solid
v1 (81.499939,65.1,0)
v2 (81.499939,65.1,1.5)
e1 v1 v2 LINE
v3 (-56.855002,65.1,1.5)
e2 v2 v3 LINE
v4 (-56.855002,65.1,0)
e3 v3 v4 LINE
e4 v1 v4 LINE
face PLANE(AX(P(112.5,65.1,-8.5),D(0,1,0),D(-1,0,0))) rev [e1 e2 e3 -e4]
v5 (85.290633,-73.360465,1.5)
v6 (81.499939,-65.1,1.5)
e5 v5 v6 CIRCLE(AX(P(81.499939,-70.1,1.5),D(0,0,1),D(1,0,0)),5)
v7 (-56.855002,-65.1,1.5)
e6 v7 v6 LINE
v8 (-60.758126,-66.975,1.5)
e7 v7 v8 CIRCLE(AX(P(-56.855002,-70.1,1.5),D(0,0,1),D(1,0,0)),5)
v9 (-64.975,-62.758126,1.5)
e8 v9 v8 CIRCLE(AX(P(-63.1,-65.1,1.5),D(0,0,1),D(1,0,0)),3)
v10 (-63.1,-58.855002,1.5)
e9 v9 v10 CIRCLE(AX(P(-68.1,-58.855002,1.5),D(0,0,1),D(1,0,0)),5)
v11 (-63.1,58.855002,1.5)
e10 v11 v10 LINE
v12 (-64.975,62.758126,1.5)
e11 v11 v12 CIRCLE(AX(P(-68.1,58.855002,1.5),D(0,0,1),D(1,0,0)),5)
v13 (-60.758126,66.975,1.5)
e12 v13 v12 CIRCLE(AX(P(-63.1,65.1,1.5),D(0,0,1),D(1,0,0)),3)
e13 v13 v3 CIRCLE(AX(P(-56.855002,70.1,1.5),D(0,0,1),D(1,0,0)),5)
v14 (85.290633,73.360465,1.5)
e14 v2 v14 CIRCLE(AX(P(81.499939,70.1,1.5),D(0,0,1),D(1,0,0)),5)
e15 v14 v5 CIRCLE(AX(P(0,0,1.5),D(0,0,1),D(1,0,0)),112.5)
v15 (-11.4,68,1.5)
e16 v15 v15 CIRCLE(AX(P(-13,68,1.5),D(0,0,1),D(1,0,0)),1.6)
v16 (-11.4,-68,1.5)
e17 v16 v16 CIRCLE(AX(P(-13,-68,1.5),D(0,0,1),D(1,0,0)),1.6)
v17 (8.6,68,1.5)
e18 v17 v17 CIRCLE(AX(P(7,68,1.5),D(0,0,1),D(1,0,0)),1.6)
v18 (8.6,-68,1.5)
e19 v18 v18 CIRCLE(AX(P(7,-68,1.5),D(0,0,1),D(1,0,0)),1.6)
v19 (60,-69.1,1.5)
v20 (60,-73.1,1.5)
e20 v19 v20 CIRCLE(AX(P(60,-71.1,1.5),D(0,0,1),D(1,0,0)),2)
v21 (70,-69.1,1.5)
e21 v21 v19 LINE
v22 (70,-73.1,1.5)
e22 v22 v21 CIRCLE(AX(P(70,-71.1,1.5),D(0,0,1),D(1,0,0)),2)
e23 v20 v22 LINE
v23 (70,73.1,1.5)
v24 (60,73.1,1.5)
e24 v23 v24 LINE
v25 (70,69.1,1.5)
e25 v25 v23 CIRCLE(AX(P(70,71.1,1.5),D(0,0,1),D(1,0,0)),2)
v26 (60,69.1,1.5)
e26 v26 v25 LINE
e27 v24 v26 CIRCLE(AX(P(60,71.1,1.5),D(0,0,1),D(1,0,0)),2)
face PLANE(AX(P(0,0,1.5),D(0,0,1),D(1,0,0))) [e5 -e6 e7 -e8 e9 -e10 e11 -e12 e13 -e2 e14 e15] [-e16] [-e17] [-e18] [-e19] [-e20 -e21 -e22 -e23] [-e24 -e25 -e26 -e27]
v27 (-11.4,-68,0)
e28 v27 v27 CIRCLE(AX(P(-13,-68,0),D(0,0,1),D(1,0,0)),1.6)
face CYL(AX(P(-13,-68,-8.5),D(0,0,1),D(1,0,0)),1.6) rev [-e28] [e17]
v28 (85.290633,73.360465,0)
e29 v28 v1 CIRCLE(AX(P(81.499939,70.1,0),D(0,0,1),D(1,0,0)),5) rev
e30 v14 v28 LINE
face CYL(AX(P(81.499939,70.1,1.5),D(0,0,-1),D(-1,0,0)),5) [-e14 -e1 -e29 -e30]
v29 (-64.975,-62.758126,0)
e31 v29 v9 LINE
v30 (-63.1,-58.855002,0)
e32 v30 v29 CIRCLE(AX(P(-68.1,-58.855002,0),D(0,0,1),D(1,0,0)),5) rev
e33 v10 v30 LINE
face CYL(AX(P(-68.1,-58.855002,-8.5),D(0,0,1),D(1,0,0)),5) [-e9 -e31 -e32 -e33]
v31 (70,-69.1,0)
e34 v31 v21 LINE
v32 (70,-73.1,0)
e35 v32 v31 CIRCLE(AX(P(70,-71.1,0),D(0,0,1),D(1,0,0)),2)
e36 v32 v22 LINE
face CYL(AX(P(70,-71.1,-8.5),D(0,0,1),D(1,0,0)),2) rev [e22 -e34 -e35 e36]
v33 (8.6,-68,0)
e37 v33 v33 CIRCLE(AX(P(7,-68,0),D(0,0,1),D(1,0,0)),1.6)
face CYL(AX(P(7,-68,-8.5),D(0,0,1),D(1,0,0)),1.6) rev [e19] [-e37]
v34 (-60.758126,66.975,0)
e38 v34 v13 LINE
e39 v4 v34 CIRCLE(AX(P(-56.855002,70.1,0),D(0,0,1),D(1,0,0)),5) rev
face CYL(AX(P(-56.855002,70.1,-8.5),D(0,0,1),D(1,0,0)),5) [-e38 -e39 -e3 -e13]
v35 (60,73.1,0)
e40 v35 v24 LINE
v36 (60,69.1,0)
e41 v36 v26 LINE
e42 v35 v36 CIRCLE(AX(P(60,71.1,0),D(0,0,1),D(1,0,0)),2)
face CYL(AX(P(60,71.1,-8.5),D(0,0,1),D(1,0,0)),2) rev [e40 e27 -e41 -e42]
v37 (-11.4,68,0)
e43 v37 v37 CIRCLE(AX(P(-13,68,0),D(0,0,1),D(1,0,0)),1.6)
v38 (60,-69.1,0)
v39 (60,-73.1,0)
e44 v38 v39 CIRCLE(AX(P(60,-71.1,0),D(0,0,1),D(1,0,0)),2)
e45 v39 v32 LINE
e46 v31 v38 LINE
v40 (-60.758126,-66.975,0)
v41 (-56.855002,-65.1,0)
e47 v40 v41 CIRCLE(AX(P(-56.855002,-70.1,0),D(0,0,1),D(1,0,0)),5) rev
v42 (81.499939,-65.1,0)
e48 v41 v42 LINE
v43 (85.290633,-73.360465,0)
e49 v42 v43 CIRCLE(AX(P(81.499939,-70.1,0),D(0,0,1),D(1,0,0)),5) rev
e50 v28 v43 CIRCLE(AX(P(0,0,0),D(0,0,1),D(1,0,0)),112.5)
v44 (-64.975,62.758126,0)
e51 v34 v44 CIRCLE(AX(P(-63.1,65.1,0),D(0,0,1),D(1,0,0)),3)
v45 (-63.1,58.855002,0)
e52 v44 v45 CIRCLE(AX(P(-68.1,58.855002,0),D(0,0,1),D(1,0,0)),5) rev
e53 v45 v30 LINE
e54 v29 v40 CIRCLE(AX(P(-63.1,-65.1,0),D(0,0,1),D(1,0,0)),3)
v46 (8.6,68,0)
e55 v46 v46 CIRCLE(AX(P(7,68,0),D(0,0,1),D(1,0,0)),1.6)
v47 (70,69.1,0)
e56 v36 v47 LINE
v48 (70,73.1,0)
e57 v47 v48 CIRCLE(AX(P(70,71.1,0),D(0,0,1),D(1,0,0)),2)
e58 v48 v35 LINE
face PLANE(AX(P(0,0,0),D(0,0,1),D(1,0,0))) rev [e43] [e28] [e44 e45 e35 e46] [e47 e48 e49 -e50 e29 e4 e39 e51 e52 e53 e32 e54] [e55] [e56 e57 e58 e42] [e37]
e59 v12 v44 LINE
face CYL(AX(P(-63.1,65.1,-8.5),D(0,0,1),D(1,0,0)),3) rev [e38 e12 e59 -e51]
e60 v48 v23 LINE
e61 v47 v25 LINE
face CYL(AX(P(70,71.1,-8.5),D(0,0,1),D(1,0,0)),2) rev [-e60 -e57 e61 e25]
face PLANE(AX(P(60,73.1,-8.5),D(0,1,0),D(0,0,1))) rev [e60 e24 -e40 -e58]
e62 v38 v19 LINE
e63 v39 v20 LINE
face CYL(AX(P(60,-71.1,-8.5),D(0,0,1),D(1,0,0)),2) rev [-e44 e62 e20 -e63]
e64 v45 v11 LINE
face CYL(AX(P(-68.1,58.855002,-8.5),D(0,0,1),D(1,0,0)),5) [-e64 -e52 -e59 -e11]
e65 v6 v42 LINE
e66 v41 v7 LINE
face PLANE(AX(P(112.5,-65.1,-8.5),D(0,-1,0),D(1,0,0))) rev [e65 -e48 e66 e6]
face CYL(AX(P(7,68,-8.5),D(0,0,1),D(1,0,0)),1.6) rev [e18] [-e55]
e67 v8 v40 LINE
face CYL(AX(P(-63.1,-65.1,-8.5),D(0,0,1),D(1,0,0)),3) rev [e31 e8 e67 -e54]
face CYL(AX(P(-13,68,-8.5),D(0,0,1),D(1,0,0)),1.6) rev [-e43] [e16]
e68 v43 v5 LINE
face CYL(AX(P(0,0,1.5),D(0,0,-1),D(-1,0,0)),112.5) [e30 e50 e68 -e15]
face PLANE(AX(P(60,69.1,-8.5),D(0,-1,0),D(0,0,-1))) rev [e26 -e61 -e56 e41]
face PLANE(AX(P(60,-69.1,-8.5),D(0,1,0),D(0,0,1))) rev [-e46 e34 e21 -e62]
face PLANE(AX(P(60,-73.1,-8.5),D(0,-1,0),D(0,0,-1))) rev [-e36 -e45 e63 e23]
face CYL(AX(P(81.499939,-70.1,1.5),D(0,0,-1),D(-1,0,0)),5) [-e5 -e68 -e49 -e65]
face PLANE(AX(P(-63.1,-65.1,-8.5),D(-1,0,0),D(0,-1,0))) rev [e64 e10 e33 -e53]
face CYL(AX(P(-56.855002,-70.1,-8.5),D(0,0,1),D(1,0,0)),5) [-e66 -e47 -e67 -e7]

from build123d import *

# Parameters (mm, degrees)
SKETCH_1_R          = 112.5
EXTRUDE_1_DEPTH     = 1.5
SKETCH_2_R          = 1.6
SKETCH_2_W          = 175.6
SKETCH_2_H          = 130.2
CUT_EXTRUDE_1_DEPTH = 10
FILLET_1_R          = 5
SKETCH_3_R          = 3
CUT_EXTRUDE_2_DEPTH = 10
FILLET_2_R          = 5
CUT_EXTRUDE_3_DEPTH = 10


with BuildPart() as part:
    # 草图1 → 凸台-拉伸1 (new body)
    with BuildSketch(Plane.XY):
        Circle(SKETCH_1_R)
    extrude(amount=EXTRUDE_1_DEPTH)

    # 草图2 → 切除-拉伸1 (cut)
    with BuildSketch(Plane.XY.offset(1.5)):
        with Locations((-13, 68)):
            Circle(SKETCH_2_R)
        with Locations((7, 68)):
            Circle(SKETCH_2_R)
        with Locations((-13, -68)):
            Circle(SKETCH_2_R)
        with Locations((7, -68)):
            Circle(SKETCH_2_R)
        with Locations((24.7, 0)):
            Rectangle(SKETCH_2_W, SKETCH_2_H)
    extrude(amount=-CUT_EXTRUDE_1_DEPTH, mode=Mode.SUBTRACT)

    # 圆角1
    fillet_1_edges = [part.edges().sort_by_distance(p)[0] for p in [
        (91.750967297, 65.1, 0.75),
        (91.750967297, -65.1, 0.75),
    ]]
    fillet(fillet_1_edges, radius=FILLET_1_R)

    # 草图3 → 切除-拉伸2 (cut)
    with BuildSketch(Plane.XY.offset(1.5)):
        with Locations((-63.1, 65.1)):
            Circle(SKETCH_3_R)
        with Locations((-63.1, -65.1)):
            Circle(SKETCH_3_R)
    extrude(amount=-CUT_EXTRUDE_2_DEPTH, mode=Mode.SUBTRACT)

    # 圆角2
    fillet_2_edges = [part.edges().sort_by_distance(p)[0] for p in [
        (-60.1, -65.1, 0.75),
        (-60.1, 65.1, 0.75),
        (-63.1, 62.1, 0.75),
        (-63.1, -62.1, 0.75),
    ]]
    fillet(fillet_2_edges, radius=FILLET_2_R)

    # 草图4 → 切除-拉伸3 (cut)
    with BuildSketch(Plane.XY.offset(1.5)):
        with BuildLine():
            Line((60, 73.1), (70, 73.1))
            ThreePointArc((70, 73.1), (72, 71.1), (70, 69.1))
            Line((70, 69.1), (60, 69.1))
            ThreePointArc((60, 69.1), (58, 71.1), (60, 73.1))
        make_face()
        with BuildLine():
            Line((60, -69.1), (70, -69.1))
            ThreePointArc((70, -69.1), (72, -71.1), (70, -73.1))
            Line((70, -73.1), (60, -73.1))
            ThreePointArc((60, -73.1), (58, -71.1), (60, -69.1))
        make_face()
    extrude(amount=-CUT_EXTRUDE_3_DEPTH, mode=Mode.SUBTRACT)


solid = part.part
